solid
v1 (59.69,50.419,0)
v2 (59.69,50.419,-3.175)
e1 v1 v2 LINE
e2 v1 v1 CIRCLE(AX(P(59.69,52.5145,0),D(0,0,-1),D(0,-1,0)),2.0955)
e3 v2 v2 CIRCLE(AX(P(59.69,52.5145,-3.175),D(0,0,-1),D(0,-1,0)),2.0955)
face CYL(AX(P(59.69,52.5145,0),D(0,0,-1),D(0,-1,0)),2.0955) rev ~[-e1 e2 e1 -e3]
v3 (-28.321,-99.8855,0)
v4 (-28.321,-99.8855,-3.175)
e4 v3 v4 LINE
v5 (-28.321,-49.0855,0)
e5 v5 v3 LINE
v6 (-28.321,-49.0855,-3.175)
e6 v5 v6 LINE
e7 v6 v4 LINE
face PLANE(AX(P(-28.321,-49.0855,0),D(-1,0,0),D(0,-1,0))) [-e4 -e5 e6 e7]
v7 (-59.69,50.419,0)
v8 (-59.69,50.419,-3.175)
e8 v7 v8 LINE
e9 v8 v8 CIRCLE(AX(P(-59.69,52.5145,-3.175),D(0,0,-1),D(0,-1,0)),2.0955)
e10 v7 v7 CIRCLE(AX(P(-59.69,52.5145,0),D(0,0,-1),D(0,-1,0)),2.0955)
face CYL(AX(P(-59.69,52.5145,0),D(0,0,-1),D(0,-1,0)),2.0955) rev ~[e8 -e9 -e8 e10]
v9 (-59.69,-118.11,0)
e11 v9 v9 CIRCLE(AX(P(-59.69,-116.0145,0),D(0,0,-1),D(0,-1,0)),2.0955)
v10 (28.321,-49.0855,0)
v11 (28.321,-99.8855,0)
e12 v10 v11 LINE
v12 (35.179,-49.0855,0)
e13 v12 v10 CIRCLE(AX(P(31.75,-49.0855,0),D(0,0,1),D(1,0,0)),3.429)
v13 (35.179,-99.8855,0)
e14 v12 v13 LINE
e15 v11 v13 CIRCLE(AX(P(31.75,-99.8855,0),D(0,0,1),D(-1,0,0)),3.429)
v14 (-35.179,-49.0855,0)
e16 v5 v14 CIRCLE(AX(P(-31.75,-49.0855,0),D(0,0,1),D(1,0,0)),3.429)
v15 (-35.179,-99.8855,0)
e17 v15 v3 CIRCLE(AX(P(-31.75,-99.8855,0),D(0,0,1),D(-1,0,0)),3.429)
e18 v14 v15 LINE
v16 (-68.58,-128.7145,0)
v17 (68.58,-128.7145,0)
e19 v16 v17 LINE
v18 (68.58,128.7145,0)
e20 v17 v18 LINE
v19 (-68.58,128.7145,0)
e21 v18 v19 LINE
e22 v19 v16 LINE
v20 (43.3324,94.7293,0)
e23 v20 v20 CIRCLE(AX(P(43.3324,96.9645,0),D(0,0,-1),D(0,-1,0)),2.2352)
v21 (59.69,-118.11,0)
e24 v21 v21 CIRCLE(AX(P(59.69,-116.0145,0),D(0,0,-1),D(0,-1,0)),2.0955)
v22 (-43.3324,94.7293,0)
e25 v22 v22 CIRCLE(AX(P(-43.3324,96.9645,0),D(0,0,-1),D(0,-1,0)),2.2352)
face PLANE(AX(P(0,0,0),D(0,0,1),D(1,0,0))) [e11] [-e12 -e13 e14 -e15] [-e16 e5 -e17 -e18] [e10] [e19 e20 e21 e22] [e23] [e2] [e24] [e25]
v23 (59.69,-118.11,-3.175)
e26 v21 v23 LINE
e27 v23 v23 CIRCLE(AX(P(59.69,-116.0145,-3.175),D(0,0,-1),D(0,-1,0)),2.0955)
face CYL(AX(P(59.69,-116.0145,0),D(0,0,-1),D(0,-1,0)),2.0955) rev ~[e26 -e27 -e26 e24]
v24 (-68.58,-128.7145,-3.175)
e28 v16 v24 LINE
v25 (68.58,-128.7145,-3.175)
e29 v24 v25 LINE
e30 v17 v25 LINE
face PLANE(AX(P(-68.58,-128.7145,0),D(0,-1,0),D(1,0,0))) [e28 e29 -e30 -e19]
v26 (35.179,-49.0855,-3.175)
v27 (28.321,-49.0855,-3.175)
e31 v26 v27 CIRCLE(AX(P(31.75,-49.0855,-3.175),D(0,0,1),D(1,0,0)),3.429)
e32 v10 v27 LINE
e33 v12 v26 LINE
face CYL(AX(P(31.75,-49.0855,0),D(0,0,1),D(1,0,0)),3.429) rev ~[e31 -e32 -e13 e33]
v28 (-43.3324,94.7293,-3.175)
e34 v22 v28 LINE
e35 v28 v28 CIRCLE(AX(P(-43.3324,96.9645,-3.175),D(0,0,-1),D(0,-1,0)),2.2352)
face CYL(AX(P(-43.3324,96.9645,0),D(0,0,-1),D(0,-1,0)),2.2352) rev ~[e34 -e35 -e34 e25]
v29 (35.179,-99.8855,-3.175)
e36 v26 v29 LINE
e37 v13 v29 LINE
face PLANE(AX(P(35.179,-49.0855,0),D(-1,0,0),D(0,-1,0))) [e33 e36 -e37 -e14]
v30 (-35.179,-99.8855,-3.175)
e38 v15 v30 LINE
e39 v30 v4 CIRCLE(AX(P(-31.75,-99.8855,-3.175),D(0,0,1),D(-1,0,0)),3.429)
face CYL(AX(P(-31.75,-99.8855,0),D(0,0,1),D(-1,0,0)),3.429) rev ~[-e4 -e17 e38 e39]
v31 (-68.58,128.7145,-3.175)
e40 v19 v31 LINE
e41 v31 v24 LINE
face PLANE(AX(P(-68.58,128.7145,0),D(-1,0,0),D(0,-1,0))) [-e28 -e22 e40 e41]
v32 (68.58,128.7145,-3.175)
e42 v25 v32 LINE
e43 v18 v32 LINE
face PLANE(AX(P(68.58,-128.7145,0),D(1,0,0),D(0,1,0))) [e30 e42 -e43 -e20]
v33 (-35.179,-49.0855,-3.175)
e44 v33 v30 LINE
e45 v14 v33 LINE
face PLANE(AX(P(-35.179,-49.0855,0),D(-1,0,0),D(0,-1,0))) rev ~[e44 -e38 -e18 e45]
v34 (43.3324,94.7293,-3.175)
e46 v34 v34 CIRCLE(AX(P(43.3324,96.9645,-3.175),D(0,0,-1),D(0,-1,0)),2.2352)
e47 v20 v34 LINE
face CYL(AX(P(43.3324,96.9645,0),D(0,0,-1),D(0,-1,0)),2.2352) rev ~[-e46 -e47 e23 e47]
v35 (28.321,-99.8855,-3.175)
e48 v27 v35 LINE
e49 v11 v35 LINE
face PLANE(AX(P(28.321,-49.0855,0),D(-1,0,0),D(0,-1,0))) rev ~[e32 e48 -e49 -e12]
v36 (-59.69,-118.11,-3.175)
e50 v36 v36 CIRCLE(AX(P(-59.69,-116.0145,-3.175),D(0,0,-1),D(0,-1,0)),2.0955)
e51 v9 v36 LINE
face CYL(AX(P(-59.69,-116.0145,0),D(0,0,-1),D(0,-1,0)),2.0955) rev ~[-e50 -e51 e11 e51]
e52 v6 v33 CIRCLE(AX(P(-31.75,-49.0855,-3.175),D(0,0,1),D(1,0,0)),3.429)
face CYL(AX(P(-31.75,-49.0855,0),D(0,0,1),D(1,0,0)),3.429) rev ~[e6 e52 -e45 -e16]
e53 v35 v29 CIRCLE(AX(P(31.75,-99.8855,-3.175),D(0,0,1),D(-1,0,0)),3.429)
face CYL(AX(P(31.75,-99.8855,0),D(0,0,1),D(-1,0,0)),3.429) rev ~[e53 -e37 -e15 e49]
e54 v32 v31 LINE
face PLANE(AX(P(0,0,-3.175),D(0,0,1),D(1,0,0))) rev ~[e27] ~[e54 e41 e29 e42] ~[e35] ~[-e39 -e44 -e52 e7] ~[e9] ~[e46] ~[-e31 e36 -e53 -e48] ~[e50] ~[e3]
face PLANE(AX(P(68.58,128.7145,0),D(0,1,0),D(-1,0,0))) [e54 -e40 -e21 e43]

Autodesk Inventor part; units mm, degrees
ref_plane "YZ Plane" through (0, 0, 0) normal (1, 0, 0) x (0, 1, 0)
ref_plane "XZ Plane" through (0, 0, 0) normal (0, 1, 0) x (-1, 0, 0)
ref_plane "XY Plane" through (0, 0, 0) normal (0, 0, 1) x (1, 0, 0)
sketch "Sketch1" plane through (0, 0, 0) normal (0, 0, 1) x (1, 0, 0)
  line L0 (-68.58, -128.7145) -> (68.58, -128.7145)
  line L1 (68.58, -128.7145) -> (68.58, 128.7145)
  line L2 (68.58, 128.7145) -> (-68.58, 128.7145)
  line L3 (-68.58, 128.7145) -> (-68.58, -128.7145)
  line L4 (-68.58, -128.7145) -> (68.58, 128.7145) construction
  line L5 (68.58, -128.7145) -> (-68.58, 128.7145) construction
  point P0 (0, 0)
  dimension "d0" = 137.16
  dimension "d1" = 257.429
extrude "Extrusion1" add sketch "Sketch1" against normal blind 3.175
sketch "Sketch2" plane through (0, 0, 0) normal (0, 0, 1) x (1, 0, 0)
  circle A0 centre (-59.69, 52.5145) radius 2.0955
  line L0 (-68.58, 128.7145) -> (-68.58, -128.7145) projected
  line L1 (-68.58, 128.7145) -> (68.58, 128.7145) projected
  circle A1 centre (59.69, 52.5145) radius 2.0955
  line L2 (68.58, -128.7145) -> (68.58, 128.7145) projected
  circle A2 centre (-59.69, -116.0145) radius 2.0955
  circle A3 centre (59.69, -116.0145) radius 2.0955
  line L3 (-68.58, -128.7145) -> (68.58, -128.7145) projected
  point P0 (0, 0)
  dimension "d4" = 8.89
  dimension "d5" = 76.2
  dimension "d6" = 76.2
  dimension "d7" = 8.89
  dimension "d8" = 4.191
  dimension "d9" = 12.7
  dimension "d10" = 8.89
  dimension "d11" = 8.89
  dimension "d12" = 12.7
  dimension "d13" = 4.191
  dimension "d21" = 4.191
  dimension "d22" = 4.191
hole "Hole1" at (-59.69, 52.5145, 0) at (59.69, 52.5145, 0) at (-59.69, -116.0145, 0) at (59.69, -116.0145, 0) direction (0, 0, -1) diameter 4.191 end through all
sketch "Sketch4" plane through (0, 0, 0) normal (0, 0, 1) x (1, 0, 0)
  line L0 (-35.179, -49.0855) -> (-35.179, -99.8855)
  line L1 (-28.321, -49.0855) -> (-28.321, -99.8855)
  line L2 (28.321, -49.0855) -> (28.321, -99.8855)
  line L3 (35.179, -49.0855) -> (35.179, -99.8855)
  line L4 (-68.58, 128.7145) -> (-68.58, -128.7145) projected
  line L5 (68.58, -128.7145) -> (68.58, 128.7145) projected
  line L6 (-68.58, -128.7145) -> (68.58, -128.7145) projected
  arc A0 (-28.321, -49.0855) -> (-35.179, -49.0855) centre (-31.75, -49.0855) ccw
  arc A1 (-35.179, -99.8855) -> (-28.321, -99.8855) centre (-31.75, -99.8855) ccw
  arc A2 (35.179, -49.0855) -> (28.321, -49.0855) centre (31.75, -49.0855) ccw
  arc A3 (28.321, -99.8855) -> (35.179, -99.8855) centre (31.75, -99.8855) ccw
  point P0 (0, 0)
  dimension "d23" = 6.858
  dimension "d24" = 6.858
  dimension "d25" = 33.401
  dimension "d26" = 50.8
  dimension "d27" = 33.401
  dimension "d28" = 28.829
  dimension "d29" = 28.829
  dimension "d30" = 28.829
  dimension "d31" = 28.829
  dimension "d32" = 50.8
  dimension "d33" = 50.8
  dimension "d34" = 50.8
extrude "Extrusion2" cut sketch "Sketch4" against normal blind 3.175
sketch "Sketch5" plane through (0, 0, 0) normal (0, 0, 1) x (1, 0, 0)
  line L0 (-68.58, 128.7145) -> (68.58, 128.7145) projected
  line L1 (68.58, 128.7145) -> (68.58, -128.7145) projected
  point P0 (0, 0)
  point P1 (-43.3324, 96.9645)
  point P2 (43.3324, 96.9645)
  dimension "d37" = 31.75
  dimension "d38" = 86.6648
  dimension "d39" = 31.75
  dimension "d40" = 25.2476
hole "Hole2" at (-43.3324, 96.9645, 0) at (43.3324, 96.9645, 0) direction (0, 0, -1) diameter 4.4704 end through all
sketch "battery_buzzer" plane through (0, 0, 0) normal (0, 0, 1) x (1, 0, 0)
  line L0 (-50.8, 39.8145) -> (50.8, 39.8145)
  line L1 (50.8, 39.8145) -> (50.8, -36.3855)
  line L2 (50.8, -36.3855) -> (-50.8, -36.3855)
  line L3 (-50.8, -36.3855) -> (-50.8, 39.8145)
  line L4 (68.58, -128.7145) -> (68.58, 128.7145) projected
  line L5 (68.58, 128.7145) -> (-68.58, 128.7145) projected
  line L6 (-68.58, 128.7145) -> (-68.58, -128.7145) projected
  line L7 (-44.45, 33.4645) -> (-11.43, 33.4645)
  line L8 (-11.43, 33.4645) -> (-11.43, 5.5245)
  line L9 (-11.43, 5.5245) -> (-44.45, 5.5245)
  line L10 (-44.45, 5.5245) -> (-44.45, 33.4645)
  circle A0 centre (-40.64, 29.6545) radius 1.651
  circle A1 centre (-40.64, 8.6995) radius 1.651
  circle A2 centre (-15.24, 8.6995) radius 1.651
  line L11 (0.508, 33.4645) -> (33.528, 33.4645)
  line L12 (33.528, 33.4645) -> (33.528, 5.5245)
  line L13 (33.528, 5.5245) -> (0.508, 5.5245)
  line L14 (0.508, 5.5245) -> (0.508, 33.4645)
  circle A3 centre (4.318, 29.6545) radius 1.651
  circle A4 centre (4.318, 8.6995) radius 1.651
  circle A5 centre (29.718, 8.6995) radius 1.651
  line L15 (-44.45, 1.7145) -> (-11.43, 1.7145)
  line L16 (-11.43, 1.7145) -> (-11.43, -26.2255)
  line L17 (-11.43, -26.2255) -> (-44.45, -26.2255)
  line L18 (-44.45, -26.2255) -> (-44.45, 1.7145)
  circle A6 centre (-40.64, -2.0955) radius 1.651
  circle A7 centre (-40.64, -23.0505) radius 1.651
  circle A8 centre (-15.2413, -22.7965) radius 1.651
  line L19 (33.5293, 1.9685) -> (33.5293, -27.2717)
  circle A9 centre (29.718, -23.0505) radius 1.651
  line L20 (33.5293, -27.2717) -> (0.5093, -27.2717)
  line L21 (0.5093, 1.9685) -> (33.5293, 1.9685)
  circle A10 centre (4.3193, -22.7965) radius 1.651
  circle A11 centre (4.3193, -1.8415) radius 1.651
  line L22 (0.5093, -27.2717) -> (0.5093, 1.9685)
  point P0 (-1.6153, -4.4833)
  point P1 (48.3688, -4.4833)
  dimension "d48" = 17.78
  dimension "d49" = 88.9
  dimension "d50" = 76.2
  dimension "d51" = 17.78
  dimension "d52" = 33.02
  dimension "d54" = 3.302
  dimension "d55" = 3.302
  dimension "d57" = 3.81
  dimension "d58" = 3.81
  dimension "d59" = 3.81
  dimension "d60" = 20.955
  dimension "d62" = 25.4
  dimension "d74" = 33.02
  dimension "d75" = 3.302
  dimension "d76" = 3.302
  dimension "d77" = 3.81
  dimension "d78" = 3.81
  dimension "d79" = 3.81
  dimension "d80" = 20.955
  dimension "d81" = 25.4
  dimension "d183" = 6.35
  dimension "d184" = 6.35
  dimension "d185" = 6.35
  dimension "d186" = 27.94
  dimension "d205" = 80.518
  dimension "d206" = 33.02
  dimension "d207" = 3.302
  dimension "d208" = 3.302
  dimension "d209" = 3.81
  dimension "d210" = 3.81
  dimension "d211" = 3.81
  dimension "d212" = 20.955
  dimension "d213" = 25.4
  dimension "d214" = 33.02
  dimension "d215" = 3.302
  dimension "d216" = 3.302
  dimension "d217" = 3.81
  dimension "d218" = 3.81
  dimension "d219" = 3.81
  dimension "d220" = 20.955
  dimension "d221" = 25.4
  dimension "d222" = 27.94
  dimension "d223" = 41.656
  dimension "d225" = 80.518
  dimension "d227" = 6.35
  dimension "d230" = 62.865
  dimension "d231" = 62.865
sketch "grizzly_bear" plane through (0, 0, 0) normal (0, 0, 1) x (1, 0, 0)
  line L0 (-50.8, 39.8145) -> (50.8, 39.8145)
  line L1 (50.8, 39.8145) -> (50.8, -36.3855)
  line L2 (50.8, -36.3855) -> (-50.8, -36.3855)
  line L3 (-50.8, -36.3855) -> (-50.8, 39.8145)
  line L4 (-68.58, 128.7145) -> (-68.58, -128.7145) projected
  line L5 (68.58, -128.7145) -> (68.58, 128.7145) projected
  line L6 (68.58, 128.7145) -> (-68.58, 128.7145) projected
  line L7 (-43.688, -8.4455) -> (32.512, -8.4455)
  line L8 (32.512, -8.4455) -> (32.512, 32.8295)
  line L9 (32.512, 32.8295) -> (-43.688, 32.8295)
  line L10 (-43.688, 32.8295) -> (-43.688, -8.4455)
  circle A0 centre (-40.64, 29.6545) radius 1.651
  circle A1 centre (29.718, -5.6515) radius 1.651
  circle A2 centre (29.718, 29.6545) radius 1.651
  circle A3 centre (21.123, -3.4255) radius 0.45
  circle A4 centre (16.723, -3.4255) radius 0.45
  dimension "d100" = 17.78
  dimension "d101" = 17.78
  dimension "d102" = 88.9
  dimension "d103" = 76.2
  dimension "d187" = 3.302
  dimension "d188" = 0.9
  dimension "d189" = 76.2
  dimension "d190" = 41.275
  dimension "d191" = 2.794
  dimension "d192" = 3.175
  dimension "d193" = 38.481
  dimension "d194" = 73.406
  dimension "d195" = 11.389
  dimension "d196" = 36.255
  dimension "d197" = 15.789
  dimension "d198" = 36.255
  dimension "d199" = 73.152
  dimension "d200" = 3.175
  dimension "d203" = 10.16
  dimension "d204" = 10.16
sketch "Smartsensor" plane through (0, 0, 0) normal (0, 0, 1) x (1, 0, 0)
  line L0 (-34.6866, -23.8471) -> (-34.6866, 4.0929)
  line L1 (-34.6866, 4.0929) -> (-1.6666, 4.0929)
  line L2 (-1.6666, 4.0929) -> (-1.6666, -23.8471)
  line L3 (-34.6866, -23.8471) -> (-1.6666, -23.8471)
  circle A0 centre (-30.8766, 0.2829) radius 1.651
  circle A1 centre (-5.4766, -20.6721) radius 1.651
  circle A2 centre (-4.2066, -16.2271) radius 1
  circle A3 centre (-4.2066, -13.6871) radius 1
  circle A4 centre (-4.2066, -11.1471) radius 1
  circle A5 centre (-4.2066, -8.6071) radius 1
  circle A6 centre (-4.2066, -6.0671) radius 1
  circle A7 centre (-4.2066, -3.5271) radius 1
  line L4 (0.8734, -23.8471) -> (0.8734, 4.0929)
  line L5 (0.8734, 4.0929) -> (33.8934, 4.0929)
  line L6 (33.8934, 4.0929) -> (33.8934, -23.8471)
  line L7 (0.8734, -23.8471) -> (33.8934, -23.8471)
  circle A8 centre (4.6834, 0.2829) radius 1.651
  circle A9 centre (30.0834, -20.6721) radius 1.651
  circle A10 centre (31.3534, -16.2271) radius 1
  circle A11 centre (31.3534, -13.6871) radius 1
  circle A12 centre (31.3534, -11.1471) radius 1
  circle A13 centre (31.3534, -8.6071) radius 1
  circle A14 centre (31.3534, -6.0671) radius 1
  circle A15 centre (31.3534, -3.5271) radius 1
  line L8 (-50.8, 39.8145) -> (50.8, 39.8145)
  line L9 (50.8, 39.8145) -> (50.8, -36.3855)
  line L10 (50.8, -36.3855) -> (-50.8, -36.3855)
  line L11 (-50.8, -36.3855) -> (-50.8, 39.8145)
  line L12 (68.58, -128.7145) -> (68.58, 128.7145) projected
  line L13 (-68.58, 128.7145) -> (-68.58, -128.7145) projected
  line L14 (68.58, 128.7145) -> (-68.58, 128.7145) projected
  point P0 (0, 0)
  dimension "d104" = 17.78
  dimension "d105" = 17.78
  dimension "d106" = 88.9
  dimension "d107" = 76.2
sketch "SmartsensorPowered" plane through (0, 0, 0) normal (0, 0, 1) x (1, 0, 0)
  line L0 (-31.115, 32.8295) -> (-3.175, 32.8295)
  line L1 (-3.175, 32.8295) -> (-3.175, -26.8605)
  line L2 (-3.175, -26.8605) -> (-31.115, -26.8605)
  line L3 (-31.115, -26.8605) -> (-31.115, 32.8295)
  circle A0 centre (-27.94, 29.6545) radius 1.651
  circle A1 centre (-27.305, -23.0505) radius 1.651
  circle A2 centre (-6.35, 2.3495) radius 1.651
  circle A3 centre (-6.35, 29.6545) radius 1.651
  circle A4 centre (18.415, -23.0505) radius 1.651
  circle A5 centre (39.37, 2.3495) radius 1.651
  circle A6 centre (17.78, 29.6545) radius 1.651
  line L4 (14.605, -26.8605) -> (14.605, 32.8295)
  circle A7 centre (39.37, 29.6545) radius 1.651
  line L5 (14.605, 32.8295) -> (42.545, 32.8295)
  line L6 (42.545, 32.8295) -> (42.545, -26.8605)
  line L7 (42.545, -26.8605) -> (14.605, -26.8605)
  line L8 (-50.8, 39.8145) -> (50.8, 39.8145)
  line L9 (50.8, 39.8145) -> (50.8, -36.3855)
  line L10 (50.8, -36.3855) -> (-50.8, -36.3855)
  line L11 (-50.8, -36.3855) -> (-50.8, 39.8145)
  line L12 (-68.58, 128.7145) -> (-68.58, -128.7145) projected
  line L13 (68.58, 128.7145) -> (68.58, -128.7145) projected
  line L14 (68.58, 128.7145) -> (-68.58, 128.7145) projected
  point P0 (0, 0)
  dimension "d108" = 27.94
  dimension "d109" = 59.69
  dimension "d110" = 3.175
  dimension "d111" = 3.175
  dimension "d112" = 3.302
  dimension "d113" = 3.302
  dimension "d114" = 3.175
  dimension "d115" = 3.175
  dimension "d116" = 3.81
  dimension "d117" = 3.81
  dimension "d118" = 3.302
  dimension "d119" = 30.48
  dimension "d120" = 3.175
  dimension "d121" = 3.302
  dimension "d122" = 27.94
  dimension "d123" = 59.69
  dimension "d124" = 3.175
  dimension "d125" = 3.175
  dimension "d126" = 3.302
  dimension "d127" = 3.302
  dimension "d128" = 3.175
  dimension "d129" = 3.175
  dimension "d130" = 3.81
  dimension "d131" = 3.81
  dimension "d132" = 3.302
  dimension "d133" = 30.48
  dimension "d134" = 3.175
  dimension "d135" = 3.302
  dimension "d136" = 17.78
  dimension "d137" = 17.78
  dimension "d138" = 17.78
  dimension "d139" = 88.9
  dimension "d140" = 76.2
  dimension "d228" = 10.16
  dimension "d229" = 22.86
sketch "Teamflag" plane through (0, 0, 0) normal (0, 0, 1) x (1, 0, 0)
  line L0 (-3.81, -7.1755) -> (-44.45, -7.1755)
  line L1 (-44.45, -7.1755) -> (-44.45, 33.4645)
  line L2 (-44.45, 33.4645) -> (-3.81, 33.4645)
  line L3 (-3.81, 33.4645) -> (-3.81, -7.1755)
  circle A0 centre (-6.35, 30.9245) radius 1.651
  circle A1 centre (-41.91, 30.9245) radius 1.651
  circle A2 centre (-41.91, -4.6355) radius 1.651
  circle A3 centre (-6.35, -4.6355) radius 1.651
  line L4 (43.18, -7.1755) -> (2.54, -7.1755)
  circle A4 centre (5.08, -4.6355) radius 1.651
  circle A5 centre (40.64, -4.6355) radius 1.651
  line L5 (2.54, -7.1755) -> (2.54, 33.4645)
  line L6 (43.18, 33.4645) -> (43.18, -7.1755)
  circle A6 centre (40.64, 30.9245) radius 1.651
  line L7 (2.54, 33.4645) -> (43.18, 33.4645)
  circle A7 centre (5.08, 30.9245) radius 1.651
  line L8 (-50.8, 39.8145) -> (50.8, 39.8145)
  line L9 (50.8, 39.8145) -> (50.8, -36.3855)
  line L10 (50.8, -36.3855) -> (-50.8, -36.3855)
  line L11 (-50.8, -36.3855) -> (-50.8, 39.8145)
  line L12 (68.58, 128.7145) -> (68.58, -128.7145) projected
  line L13 (-68.58, -128.7145) -> (-68.58, 128.7145) projected
  line L14 (-68.58, 128.7145) -> (68.58, 128.7145) projected
  point P0 (0, 0)
  dimension "d141" = 3.302
  dimension "d142" = 40.64
  dimension "d143" = 40.64
  dimension "d144" = 2.54
  dimension "d145" = 2.54
  dimension "d146" = 2.54
  dimension "d147" = 38.1
  dimension "d148" = 38.1
  dimension "d149" = 2.54
  dimension "d150" = 38.1
  dimension "d151" = 38.1
  dimension "d152" = 3.302
  dimension "d153" = 40.64
  dimension "d154" = 40.64
  dimension "d155" = 2.54
  dimension "d156" = 2.54
  dimension "d157" = 2.54
  dimension "d158" = 38.1
  dimension "d159" = 38.1
  dimension "d160" = 2.54
  dimension "d161" = 38.1
  dimension "d162" = 38.1
  dimension "d163" = 6.35
  dimension "d164" = 17.78
  dimension "d165" = 17.78
  dimension "d166" = 88.9
  dimension "d167" = 76.2
sketch "Cape" plane through (0, 0, 0) normal (0, 0, 1) x (1, 0, 0)
  line L0 (-44.45, -21.1355) -> (27.61, -21.1355)
  line L1 (27.61, -21.1355) -> (27.61, 33.4645)
  line L2 (27.61, 33.4645) -> (-44.45, 33.4645)
  line L3 (-44.45, 33.4645) -> (-44.45, -21.1355)
  circle A0 centre (-41.275, -17.9605) radius 1.5875
  circle A1 centre (24.765, -14.7855) radius 1.5875
  circle A2 centre (24.765, 27.1245) radius 1.5875
  circle A3 centre (-41.275, 30.2995) radius 1.5875
  line L4 (-50.8, 39.8145) -> (50.8, 39.8145)
  line L5 (50.8, 39.8145) -> (50.8, -36.3855)
  line L6 (50.8, -36.3855) -> (-50.8, -36.3855)
  line L7 (-50.8, -36.3855) -> (-50.8, 39.8145)
  line L8 (68.58, -128.7145) -> (68.58, 128.7145) projected
  line L9 (-68.58, 128.7145) -> (-68.58, -128.7145) projected
  line L10 (68.58, 128.7145) -> (-68.58, 128.7145) projected
  point P0 (0, 0)
  point P1 (0, 0)
  dimension "d168" = 3.175
  dimension "d169" = 72.06
  dimension "d170" = 54.6
  dimension "d171" = 2.845
  dimension "d172" = 6.34
  dimension "d173" = 2.845
  dimension "d174" = 48.25
  dimension "d175" = 68.885
  dimension "d176" = 3.165
  dimension "d177" = 68.885
  dimension "d178" = 51.425
  dimension "d179" = 17.78
  dimension "d180" = 17.78
  dimension "d181" = 88.9
  dimension "d182" = 76.2
